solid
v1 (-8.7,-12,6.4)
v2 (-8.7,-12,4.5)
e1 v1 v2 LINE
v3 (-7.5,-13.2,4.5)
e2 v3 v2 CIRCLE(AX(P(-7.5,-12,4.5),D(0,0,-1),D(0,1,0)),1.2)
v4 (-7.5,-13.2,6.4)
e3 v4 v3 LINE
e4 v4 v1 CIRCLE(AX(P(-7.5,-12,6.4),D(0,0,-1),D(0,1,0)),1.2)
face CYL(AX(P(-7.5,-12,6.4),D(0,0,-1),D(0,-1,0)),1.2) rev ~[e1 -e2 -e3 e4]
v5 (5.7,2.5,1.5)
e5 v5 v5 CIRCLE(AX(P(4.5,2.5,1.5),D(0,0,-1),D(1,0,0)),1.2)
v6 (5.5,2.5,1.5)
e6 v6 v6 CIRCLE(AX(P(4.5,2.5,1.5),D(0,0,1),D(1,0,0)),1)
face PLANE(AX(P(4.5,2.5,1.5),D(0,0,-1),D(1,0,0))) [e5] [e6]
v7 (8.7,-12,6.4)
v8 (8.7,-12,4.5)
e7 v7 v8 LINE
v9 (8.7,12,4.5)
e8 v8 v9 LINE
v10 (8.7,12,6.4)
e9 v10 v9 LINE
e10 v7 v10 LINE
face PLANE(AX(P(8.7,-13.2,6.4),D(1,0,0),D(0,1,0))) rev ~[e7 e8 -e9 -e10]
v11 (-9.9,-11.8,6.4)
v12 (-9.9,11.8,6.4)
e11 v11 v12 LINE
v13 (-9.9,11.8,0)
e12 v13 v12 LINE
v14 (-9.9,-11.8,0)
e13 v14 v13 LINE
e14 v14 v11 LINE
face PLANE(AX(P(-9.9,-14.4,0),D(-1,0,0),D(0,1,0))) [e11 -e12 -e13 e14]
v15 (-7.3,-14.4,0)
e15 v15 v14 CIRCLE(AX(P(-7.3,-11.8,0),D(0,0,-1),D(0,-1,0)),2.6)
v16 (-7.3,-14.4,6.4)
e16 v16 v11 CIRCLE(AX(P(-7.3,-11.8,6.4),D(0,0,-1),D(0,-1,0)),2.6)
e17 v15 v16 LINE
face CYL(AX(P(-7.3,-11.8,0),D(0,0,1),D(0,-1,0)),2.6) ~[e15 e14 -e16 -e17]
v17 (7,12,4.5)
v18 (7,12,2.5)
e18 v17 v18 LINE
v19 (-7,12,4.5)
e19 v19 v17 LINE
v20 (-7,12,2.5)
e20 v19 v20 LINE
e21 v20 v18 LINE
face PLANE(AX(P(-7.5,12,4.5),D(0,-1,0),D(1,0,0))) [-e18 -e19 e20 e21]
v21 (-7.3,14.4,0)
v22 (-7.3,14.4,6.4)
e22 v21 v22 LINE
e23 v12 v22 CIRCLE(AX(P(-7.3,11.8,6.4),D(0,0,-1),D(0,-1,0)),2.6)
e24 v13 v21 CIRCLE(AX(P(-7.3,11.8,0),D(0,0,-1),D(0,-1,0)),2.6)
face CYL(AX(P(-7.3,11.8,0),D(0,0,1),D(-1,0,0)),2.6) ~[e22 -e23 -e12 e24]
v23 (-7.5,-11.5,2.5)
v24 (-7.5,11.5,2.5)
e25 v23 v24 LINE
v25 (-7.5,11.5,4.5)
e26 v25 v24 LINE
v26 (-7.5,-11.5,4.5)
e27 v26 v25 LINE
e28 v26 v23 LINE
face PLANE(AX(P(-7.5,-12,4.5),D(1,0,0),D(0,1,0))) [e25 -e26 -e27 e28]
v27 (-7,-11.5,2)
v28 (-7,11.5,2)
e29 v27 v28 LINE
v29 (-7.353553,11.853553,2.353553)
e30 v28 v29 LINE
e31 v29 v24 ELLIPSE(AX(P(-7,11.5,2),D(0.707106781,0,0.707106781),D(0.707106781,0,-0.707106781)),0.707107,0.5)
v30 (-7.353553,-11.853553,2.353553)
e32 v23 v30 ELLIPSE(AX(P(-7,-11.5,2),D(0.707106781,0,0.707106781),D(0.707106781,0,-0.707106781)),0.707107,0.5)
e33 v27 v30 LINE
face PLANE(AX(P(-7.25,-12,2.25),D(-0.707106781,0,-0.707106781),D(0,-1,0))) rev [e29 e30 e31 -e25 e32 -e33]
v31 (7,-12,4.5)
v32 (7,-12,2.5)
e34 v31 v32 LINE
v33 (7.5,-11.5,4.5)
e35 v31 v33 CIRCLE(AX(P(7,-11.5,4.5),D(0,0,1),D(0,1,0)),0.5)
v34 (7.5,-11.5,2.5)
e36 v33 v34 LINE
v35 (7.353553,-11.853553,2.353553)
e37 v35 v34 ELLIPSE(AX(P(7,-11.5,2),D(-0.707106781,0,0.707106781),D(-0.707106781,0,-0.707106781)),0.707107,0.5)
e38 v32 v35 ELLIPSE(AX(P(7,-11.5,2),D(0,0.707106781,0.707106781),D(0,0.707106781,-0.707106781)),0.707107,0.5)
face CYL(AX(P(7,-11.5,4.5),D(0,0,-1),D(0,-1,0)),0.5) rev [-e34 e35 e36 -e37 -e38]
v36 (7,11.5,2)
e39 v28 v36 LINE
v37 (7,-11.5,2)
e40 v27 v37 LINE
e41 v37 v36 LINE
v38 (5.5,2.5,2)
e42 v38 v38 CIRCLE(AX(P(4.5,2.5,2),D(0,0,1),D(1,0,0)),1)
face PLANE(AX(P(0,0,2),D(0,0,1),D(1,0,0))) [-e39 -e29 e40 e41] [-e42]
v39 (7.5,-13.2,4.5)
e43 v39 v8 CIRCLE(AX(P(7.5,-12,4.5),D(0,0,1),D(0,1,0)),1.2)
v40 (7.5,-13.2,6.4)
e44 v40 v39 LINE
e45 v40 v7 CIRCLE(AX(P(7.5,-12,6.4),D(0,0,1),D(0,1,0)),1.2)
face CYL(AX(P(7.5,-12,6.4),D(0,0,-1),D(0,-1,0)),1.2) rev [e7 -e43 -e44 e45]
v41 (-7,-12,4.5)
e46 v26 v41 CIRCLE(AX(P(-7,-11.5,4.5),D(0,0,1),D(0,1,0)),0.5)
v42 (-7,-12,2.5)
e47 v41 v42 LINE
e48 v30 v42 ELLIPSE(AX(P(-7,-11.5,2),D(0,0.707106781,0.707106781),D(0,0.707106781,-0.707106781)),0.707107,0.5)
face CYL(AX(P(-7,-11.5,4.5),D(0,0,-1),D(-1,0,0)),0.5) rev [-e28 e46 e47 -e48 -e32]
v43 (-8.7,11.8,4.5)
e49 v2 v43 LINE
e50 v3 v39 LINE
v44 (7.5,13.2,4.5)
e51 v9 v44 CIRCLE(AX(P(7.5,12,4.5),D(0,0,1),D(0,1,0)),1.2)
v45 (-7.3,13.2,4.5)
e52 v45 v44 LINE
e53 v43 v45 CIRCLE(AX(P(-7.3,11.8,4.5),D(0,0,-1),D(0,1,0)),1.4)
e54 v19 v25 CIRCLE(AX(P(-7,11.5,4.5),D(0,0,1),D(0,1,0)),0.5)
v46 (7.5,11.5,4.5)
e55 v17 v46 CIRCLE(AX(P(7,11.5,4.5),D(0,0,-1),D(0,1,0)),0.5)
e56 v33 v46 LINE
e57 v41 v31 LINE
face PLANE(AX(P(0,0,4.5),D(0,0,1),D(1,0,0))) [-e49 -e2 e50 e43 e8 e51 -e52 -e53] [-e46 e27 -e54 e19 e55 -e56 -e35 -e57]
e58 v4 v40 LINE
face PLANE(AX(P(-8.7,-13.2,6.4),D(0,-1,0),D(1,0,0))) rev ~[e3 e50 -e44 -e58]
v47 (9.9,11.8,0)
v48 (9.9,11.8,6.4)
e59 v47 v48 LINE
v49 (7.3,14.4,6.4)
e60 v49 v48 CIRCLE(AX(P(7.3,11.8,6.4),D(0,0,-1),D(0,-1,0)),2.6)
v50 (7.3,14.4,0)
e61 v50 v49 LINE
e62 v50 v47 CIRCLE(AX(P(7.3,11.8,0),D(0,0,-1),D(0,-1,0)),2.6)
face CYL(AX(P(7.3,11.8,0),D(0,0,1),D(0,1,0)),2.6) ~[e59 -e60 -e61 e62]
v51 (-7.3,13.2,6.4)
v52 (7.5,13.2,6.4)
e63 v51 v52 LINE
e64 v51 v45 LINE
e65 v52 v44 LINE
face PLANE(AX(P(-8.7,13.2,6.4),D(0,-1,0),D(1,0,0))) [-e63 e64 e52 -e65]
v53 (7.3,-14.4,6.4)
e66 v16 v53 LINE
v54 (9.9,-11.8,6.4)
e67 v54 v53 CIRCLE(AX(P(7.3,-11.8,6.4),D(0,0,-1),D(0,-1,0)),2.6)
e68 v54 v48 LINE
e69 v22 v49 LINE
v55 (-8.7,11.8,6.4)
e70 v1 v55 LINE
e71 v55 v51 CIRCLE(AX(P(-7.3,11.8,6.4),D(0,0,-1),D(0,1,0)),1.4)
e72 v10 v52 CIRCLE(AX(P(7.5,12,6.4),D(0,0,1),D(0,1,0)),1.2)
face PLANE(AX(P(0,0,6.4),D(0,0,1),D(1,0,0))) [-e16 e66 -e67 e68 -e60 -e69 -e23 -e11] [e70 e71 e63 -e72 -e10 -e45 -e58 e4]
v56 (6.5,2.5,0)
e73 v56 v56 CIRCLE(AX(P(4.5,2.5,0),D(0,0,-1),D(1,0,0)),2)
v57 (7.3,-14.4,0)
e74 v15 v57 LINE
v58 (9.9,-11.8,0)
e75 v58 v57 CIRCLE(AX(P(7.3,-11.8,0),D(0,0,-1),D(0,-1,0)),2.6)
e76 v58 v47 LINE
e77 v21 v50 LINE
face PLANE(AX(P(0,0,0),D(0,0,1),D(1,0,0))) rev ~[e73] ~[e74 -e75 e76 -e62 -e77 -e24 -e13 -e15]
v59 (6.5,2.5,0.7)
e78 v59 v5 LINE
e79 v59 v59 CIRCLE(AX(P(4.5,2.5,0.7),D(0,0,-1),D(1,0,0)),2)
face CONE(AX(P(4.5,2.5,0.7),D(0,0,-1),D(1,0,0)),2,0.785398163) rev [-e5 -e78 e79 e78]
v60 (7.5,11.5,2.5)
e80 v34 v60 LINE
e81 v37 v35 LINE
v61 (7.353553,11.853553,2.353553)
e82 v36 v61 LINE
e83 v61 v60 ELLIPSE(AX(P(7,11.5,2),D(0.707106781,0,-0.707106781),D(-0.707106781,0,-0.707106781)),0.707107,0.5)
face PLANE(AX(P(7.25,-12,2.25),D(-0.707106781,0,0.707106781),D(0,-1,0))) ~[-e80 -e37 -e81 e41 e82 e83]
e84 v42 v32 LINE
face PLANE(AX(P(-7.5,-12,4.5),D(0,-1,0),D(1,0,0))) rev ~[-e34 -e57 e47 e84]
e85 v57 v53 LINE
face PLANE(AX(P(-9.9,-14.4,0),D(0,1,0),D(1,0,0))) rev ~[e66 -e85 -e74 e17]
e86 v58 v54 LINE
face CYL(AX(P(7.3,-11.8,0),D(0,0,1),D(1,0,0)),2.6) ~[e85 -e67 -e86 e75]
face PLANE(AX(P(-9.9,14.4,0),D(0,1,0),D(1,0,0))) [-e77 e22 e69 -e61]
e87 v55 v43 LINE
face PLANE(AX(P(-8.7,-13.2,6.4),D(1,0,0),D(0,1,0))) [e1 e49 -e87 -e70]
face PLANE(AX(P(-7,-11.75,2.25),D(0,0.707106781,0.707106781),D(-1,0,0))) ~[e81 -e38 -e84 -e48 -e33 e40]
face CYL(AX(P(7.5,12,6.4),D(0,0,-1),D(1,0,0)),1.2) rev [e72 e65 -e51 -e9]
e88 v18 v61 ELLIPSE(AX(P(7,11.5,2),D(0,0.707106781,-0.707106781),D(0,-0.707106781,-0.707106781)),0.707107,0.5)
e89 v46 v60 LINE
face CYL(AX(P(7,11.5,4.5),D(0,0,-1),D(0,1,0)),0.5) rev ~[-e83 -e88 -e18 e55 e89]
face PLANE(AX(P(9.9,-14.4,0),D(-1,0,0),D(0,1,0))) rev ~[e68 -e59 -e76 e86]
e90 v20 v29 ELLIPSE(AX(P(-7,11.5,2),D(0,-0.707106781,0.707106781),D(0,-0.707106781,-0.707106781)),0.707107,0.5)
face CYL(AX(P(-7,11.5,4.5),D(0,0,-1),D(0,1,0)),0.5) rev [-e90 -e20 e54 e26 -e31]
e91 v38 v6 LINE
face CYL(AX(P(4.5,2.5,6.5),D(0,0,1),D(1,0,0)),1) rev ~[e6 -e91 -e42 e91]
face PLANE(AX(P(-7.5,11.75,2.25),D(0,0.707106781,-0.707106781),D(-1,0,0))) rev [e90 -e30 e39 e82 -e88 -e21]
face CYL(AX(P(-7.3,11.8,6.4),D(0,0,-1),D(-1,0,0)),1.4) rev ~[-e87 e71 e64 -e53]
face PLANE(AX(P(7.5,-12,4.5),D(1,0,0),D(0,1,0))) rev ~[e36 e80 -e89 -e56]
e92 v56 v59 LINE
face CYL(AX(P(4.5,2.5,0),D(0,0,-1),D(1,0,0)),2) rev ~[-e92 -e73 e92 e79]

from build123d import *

# Parameters (mm, degrees)
SKETCH_W        = 19.8
SKETCH_H        = 28.8
PAD_DEPTH       = 6.4
SKETCH001_W     = 17.4
SKETCH001_H     = 26.4
POCKET_DEPTH    = 1.9
SKETCH002_W     = 15
SKETCH002_H     = 24
POCKET001_DEPTH = 2.5
SKETCH004_R     = 1
POCKET002_DEPTH = 6.5
CHAMFER_SIZE    = 0.5
CHAMFER001_SIZE = 0.5
CHAMFER002_SIZE = 0.5
CHAMFER003_SIZE = 0.5
FILLET_R        = 1.4
FILLET001_R     = 0.5
FILLET002_R     = 2.6
FILLET003_R     = 0.5
FILLET004_R     = 0.5
FILLET005_R     = 0.5
FILLET006_R     = 1.2
FILLET007_R     = 1.2
FILLET008_R     = 1.2
FILLET009_R     = 2.6
FILLET010_R     = 2.6
FILLET011_R     = 2.6
SKETCH005_R     = 2
POCKET003_DEPTH = 1.5
CHAMFER004_SIZE = 0.8


with BuildPart() as part:
    # Sketch → Pad (new body)
    with BuildSketch(Plane.XY):
        Rectangle(SKETCH_W, SKETCH_H)
    extrude(amount=PAD_DEPTH)

    # Sketch001 (on Face6 of Pad) → Pocket (cut)
    with BuildSketch(Plane.XY.offset(6.4)):
        Rectangle(SKETCH001_W, SKETCH001_H)
    extrude(amount=-POCKET_DEPTH, mode=Mode.SUBTRACT)

    # Sketch002 (on Face11 of Pocket) → Pocket001 (cut)
    with BuildSketch(Plane.XY.offset(4.5)):
        Rectangle(SKETCH002_W, SKETCH002_H)
    extrude(amount=-POCKET001_DEPTH, mode=Mode.SUBTRACT)

    # Sketch004 → Pocket002 (cut)
    with BuildSketch(Plane.XY.offset(6.5)):
        with Locations((4.5, 2.5)):
            Circle(SKETCH004_R)
    extrude(amount=-POCKET002_DEPTH, mode=Mode.SUBTRACT)

    # Chamfer
    chamfer_edges = [part.edges().sort_by_distance(p)[0] for p in [
        (0, 12, 2),
    ]]
    chamfer(chamfer_edges, length=CHAMFER_SIZE)

    # Chamfer001
    chamfer001_edges = [part.edges().sort_by_distance(p)[0] for p in [
        (-7.5, -0.25, 2),
    ]]
    chamfer(chamfer001_edges, length=CHAMFER001_SIZE)

    # Chamfer002
    chamfer002_edges = [part.edges().sort_by_distance(p)[0] for p in [
        (7.5, -0.25, 2),
    ]]
    chamfer(chamfer002_edges, length=CHAMFER002_SIZE)

    # Chamfer003
    chamfer003_edges = [part.edges().sort_by_distance(p)[0] for p in [
        (0, -12, 2),
    ]]
    chamfer(chamfer003_edges, length=CHAMFER003_SIZE)

    # Fillet
    fillet_edges = [part.edges().sort_by_distance(p)[0] for p in [
        (-8.7, 13.2, 5.45),
    ]]
    fillet(fillet_edges, radius=FILLET_R)

    # Fillet001
    fillet001_edges = [part.edges().sort_by_distance(p)[0] for p in [
        (-7.5, 12, 3.5),
    ]]
    fillet(fillet001_edges, radius=FILLET001_R)

    # Fillet002
    fillet002_edges = [part.edges().sort_by_distance(p)[0] for p in [
        (-9.9, 14.4, 3.2),
    ]]
    fillet(fillet002_edges, radius=FILLET002_R)

    # Fillet003
    fillet003_edges = [part.edges().sort_by_distance(p)[0] for p in [
        (7.5, 12, 3.5),
    ]]
    fillet(fillet003_edges, radius=FILLET003_R)

    # Fillet004
    fillet004_edges = [part.edges().sort_by_distance(p)[0] for p in [
        (-7.5, -12, 3.5),
    ]]
    fillet(fillet004_edges, radius=FILLET004_R)

    # Fillet005
    fillet005_edges = [part.edges().sort_by_distance(p)[0] for p in [
        (7.5, -12, 3.5),
    ]]
    fillet(fillet005_edges, radius=FILLET005_R)

    # Fillet006
    fillet006_edges = [part.edges().sort_by_distance(p)[0] for p in [
        (8.7, -13.2, 5.45),
    ]]
    fillet(fillet006_edges, radius=FILLET006_R)

    # Fillet007
    fillet007_edges = [part.edges().sort_by_distance(p)[0] for p in [
        (-8.7, -13.2, 5.45),
    ]]
    fillet(fillet007_edges, radius=FILLET007_R)

    # Fillet008
    fillet008_edges = [part.edges().sort_by_distance(p)[0] for p in [
        (8.7, 13.2, 5.45),
    ]]
    fillet(fillet008_edges, radius=FILLET008_R)

    # Fillet009
    fillet009_edges = [part.edges().sort_by_distance(p)[0] for p in [
        (9.9, 14.4, 3.2),
    ]]
    fillet(fillet009_edges, radius=FILLET009_R)

    # Fillet010
    fillet010_edges = [part.edges().sort_by_distance(p)[0] for p in [
        (9.9, -14.4, 3.2),
    ]]
    fillet(fillet010_edges, radius=FILLET010_R)

    # Fillet011
    fillet011_edges = [part.edges().sort_by_distance(p)[0] for p in [
        (-9.9, -14.4, 3.2),
    ]]
    fillet(fillet011_edges, radius=FILLET011_R)

    # Sketch005 (on Face18 of Fillet011) → Pocket003 (cut)
    with BuildSketch(Plane(origin=(0, 0, 0), x_dir=(1, 0, 0), z_dir=(0, 0, -1))):
        with Locations((4.5, -2.5)):
            Circle(SKETCH005_R)
    extrude(amount=-POCKET003_DEPTH, mode=Mode.SUBTRACT)

    # Chamfer004
    chamfer004_edges = [part.edges().sort_by_distance(p)[0] for p in [
        (2.5, 2.5, 1.5),
    ]]
    chamfer(chamfer004_edges, length=CHAMFER004_SIZE)


solid = part.part
